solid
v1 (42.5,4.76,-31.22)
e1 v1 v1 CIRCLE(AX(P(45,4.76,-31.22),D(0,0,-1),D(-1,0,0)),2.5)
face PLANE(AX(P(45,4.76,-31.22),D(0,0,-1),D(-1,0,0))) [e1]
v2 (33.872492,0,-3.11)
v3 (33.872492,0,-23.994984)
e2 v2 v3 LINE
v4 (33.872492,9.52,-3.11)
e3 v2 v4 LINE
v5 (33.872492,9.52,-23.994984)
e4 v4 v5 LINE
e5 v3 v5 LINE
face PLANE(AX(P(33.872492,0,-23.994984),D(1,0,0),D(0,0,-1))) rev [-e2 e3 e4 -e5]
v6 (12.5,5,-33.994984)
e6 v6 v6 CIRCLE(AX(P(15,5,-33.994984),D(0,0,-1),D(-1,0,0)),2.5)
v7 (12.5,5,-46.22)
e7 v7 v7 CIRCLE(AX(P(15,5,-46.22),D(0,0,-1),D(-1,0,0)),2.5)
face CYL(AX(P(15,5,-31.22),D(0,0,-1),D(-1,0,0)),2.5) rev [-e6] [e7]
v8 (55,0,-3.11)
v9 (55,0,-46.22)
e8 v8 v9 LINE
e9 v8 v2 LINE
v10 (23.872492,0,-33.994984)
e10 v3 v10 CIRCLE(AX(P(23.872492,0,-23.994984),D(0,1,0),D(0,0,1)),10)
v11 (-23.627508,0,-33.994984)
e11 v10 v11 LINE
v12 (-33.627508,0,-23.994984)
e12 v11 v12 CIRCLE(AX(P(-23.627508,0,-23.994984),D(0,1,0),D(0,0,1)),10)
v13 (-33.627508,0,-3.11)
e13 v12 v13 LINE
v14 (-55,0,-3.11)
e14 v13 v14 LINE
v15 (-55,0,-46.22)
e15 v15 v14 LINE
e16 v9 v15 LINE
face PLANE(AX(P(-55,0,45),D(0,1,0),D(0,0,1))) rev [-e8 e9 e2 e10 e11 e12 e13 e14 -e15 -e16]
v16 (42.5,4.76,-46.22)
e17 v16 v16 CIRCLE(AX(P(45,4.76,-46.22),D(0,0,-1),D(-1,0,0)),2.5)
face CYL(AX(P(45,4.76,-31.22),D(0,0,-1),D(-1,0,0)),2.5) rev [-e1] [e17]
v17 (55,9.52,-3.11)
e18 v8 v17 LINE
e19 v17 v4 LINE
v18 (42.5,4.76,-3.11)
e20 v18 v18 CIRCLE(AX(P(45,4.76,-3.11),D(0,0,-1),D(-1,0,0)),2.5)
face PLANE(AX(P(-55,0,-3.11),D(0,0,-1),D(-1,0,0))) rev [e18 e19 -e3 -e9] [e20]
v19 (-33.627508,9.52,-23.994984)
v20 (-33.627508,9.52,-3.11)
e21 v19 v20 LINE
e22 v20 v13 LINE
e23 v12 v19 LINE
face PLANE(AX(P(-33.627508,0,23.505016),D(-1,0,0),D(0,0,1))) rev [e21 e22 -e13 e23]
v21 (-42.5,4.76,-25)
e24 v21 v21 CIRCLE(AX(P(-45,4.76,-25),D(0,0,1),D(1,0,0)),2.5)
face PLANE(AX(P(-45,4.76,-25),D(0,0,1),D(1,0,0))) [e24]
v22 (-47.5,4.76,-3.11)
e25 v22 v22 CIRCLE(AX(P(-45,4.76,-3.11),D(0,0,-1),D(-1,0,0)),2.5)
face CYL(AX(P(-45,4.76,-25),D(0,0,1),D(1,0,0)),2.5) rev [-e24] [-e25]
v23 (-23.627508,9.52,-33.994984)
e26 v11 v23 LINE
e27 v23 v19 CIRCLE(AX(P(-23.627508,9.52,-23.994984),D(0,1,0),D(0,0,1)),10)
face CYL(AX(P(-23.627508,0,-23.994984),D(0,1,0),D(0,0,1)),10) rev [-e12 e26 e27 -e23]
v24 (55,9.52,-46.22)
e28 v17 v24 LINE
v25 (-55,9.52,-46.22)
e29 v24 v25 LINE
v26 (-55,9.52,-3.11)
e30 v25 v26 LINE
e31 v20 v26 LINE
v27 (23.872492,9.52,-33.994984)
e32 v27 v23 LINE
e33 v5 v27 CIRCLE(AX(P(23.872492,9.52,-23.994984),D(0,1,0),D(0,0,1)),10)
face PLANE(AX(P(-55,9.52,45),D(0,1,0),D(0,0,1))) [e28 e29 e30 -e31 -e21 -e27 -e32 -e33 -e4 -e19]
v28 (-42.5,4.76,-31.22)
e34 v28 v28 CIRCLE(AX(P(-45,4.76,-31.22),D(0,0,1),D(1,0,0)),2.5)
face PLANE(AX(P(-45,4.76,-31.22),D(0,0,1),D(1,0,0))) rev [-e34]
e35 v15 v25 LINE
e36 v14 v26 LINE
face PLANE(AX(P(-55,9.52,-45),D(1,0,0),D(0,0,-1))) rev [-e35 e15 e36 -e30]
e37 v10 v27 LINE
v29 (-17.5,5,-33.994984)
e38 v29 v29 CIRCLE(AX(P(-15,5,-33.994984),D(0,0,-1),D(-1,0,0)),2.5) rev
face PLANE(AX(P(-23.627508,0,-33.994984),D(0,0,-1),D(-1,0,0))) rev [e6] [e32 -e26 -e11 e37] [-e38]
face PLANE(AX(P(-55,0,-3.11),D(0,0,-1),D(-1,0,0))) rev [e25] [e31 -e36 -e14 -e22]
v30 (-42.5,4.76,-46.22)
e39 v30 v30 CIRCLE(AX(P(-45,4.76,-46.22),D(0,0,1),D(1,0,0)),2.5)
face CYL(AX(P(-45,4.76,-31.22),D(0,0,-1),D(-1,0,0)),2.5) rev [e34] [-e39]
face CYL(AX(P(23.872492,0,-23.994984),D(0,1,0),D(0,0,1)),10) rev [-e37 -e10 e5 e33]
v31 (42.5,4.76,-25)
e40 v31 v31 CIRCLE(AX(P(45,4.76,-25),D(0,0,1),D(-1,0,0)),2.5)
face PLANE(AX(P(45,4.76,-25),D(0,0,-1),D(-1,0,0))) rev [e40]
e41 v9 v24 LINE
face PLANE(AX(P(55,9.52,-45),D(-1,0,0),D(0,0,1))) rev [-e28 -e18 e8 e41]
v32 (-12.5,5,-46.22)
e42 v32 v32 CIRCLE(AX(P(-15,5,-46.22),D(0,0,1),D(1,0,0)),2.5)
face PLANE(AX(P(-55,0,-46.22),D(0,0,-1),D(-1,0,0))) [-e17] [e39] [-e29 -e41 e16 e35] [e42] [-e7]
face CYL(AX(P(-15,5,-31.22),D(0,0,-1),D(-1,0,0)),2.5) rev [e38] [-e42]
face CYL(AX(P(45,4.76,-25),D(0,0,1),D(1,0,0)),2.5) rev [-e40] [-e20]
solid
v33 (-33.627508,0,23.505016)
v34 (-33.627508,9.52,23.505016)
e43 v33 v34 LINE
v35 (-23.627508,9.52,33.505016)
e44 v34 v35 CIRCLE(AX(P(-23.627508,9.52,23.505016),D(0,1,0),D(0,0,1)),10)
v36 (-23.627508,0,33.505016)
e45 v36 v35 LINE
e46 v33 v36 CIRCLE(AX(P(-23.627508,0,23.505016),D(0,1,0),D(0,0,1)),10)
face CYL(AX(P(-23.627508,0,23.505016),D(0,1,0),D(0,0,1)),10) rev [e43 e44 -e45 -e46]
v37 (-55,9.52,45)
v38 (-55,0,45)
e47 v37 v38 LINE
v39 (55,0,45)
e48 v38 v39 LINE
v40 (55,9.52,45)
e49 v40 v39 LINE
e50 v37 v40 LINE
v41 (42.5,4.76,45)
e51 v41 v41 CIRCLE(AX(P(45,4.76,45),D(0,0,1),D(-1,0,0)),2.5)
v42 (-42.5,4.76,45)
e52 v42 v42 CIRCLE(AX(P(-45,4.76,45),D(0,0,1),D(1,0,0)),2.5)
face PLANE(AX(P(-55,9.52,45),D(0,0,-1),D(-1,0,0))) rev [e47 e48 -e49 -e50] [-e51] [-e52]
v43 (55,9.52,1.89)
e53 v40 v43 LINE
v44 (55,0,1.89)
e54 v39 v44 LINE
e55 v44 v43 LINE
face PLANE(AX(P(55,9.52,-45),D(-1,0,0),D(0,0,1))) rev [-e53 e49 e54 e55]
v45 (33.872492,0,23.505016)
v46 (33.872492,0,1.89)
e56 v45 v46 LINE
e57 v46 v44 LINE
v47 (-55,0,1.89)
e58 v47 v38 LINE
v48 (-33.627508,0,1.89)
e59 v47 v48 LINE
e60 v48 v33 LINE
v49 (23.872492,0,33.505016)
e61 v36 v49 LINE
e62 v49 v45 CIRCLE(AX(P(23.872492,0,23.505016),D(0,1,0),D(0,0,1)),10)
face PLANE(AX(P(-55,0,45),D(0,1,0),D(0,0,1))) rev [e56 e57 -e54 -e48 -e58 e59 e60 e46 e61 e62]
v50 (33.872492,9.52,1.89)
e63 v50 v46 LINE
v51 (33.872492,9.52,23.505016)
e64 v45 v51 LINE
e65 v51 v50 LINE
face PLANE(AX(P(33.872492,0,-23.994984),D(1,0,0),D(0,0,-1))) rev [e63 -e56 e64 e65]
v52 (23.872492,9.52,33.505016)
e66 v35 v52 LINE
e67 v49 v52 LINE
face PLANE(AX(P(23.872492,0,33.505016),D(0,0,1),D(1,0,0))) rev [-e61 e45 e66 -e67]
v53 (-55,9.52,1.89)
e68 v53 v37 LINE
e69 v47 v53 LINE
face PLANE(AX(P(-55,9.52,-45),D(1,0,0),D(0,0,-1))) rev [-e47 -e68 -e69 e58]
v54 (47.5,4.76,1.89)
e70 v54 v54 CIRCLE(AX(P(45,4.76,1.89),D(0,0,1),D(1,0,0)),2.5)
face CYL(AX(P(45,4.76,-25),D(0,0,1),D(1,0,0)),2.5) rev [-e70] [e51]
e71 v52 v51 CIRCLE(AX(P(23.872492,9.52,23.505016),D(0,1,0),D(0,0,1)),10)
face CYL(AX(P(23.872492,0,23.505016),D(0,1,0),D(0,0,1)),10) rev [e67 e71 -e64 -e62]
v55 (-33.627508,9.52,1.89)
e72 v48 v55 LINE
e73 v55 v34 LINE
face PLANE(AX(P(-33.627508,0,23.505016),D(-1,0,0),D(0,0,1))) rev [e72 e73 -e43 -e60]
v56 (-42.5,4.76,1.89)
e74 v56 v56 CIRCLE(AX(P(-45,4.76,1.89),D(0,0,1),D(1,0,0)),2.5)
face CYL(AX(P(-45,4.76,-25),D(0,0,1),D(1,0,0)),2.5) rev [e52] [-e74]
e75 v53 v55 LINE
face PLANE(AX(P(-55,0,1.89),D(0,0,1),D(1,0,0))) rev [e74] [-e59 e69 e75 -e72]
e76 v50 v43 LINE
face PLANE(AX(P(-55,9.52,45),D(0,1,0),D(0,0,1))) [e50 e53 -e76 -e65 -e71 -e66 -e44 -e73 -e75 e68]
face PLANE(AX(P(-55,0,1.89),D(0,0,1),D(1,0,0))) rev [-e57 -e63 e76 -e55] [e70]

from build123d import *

# Parameters (mm, degrees)
ESBO_O1_W                = 110
ESBO_O1_H                = 90
RESSALTO_EXTRUS_O1_DEPTH = 9.52
ESBO_O6_W                = 110
ESBO_O6_H                = 1.22
RESSALTO_EXTRUS_O3_DEPTH = 9.52
CORTE_EXTRUS_O6_DEPTH    = 9.52
ESBO_O9_W                = 110
ESBO_O9_H                = 5
CORTE_EXTRUS_O7_DEPTH    = 9.52
ESBO_O10_R               = 2.5
CORTE_EXTRUS_O8_DEPTH    = 70
ESBO_O7_R                = 2.5
CORTE_EXTRUS_O9_DEPTH    = 15


with BuildPart() as part:
    # Esboço1 → Ressalto-extrusão1 (new body)
    with BuildSketch(Plane(origin=(0, 0, 0), x_dir=(1, 0, 0), z_dir=(0, 1, 0))):
        Rectangle(ESBO_O1_W, ESBO_O1_H)
    extrude(amount=RESSALTO_EXTRUS_O1_DEPTH)

    # Esboço6 → Ressalto-extrusão3 (add)
    with BuildSketch(Plane(origin=(0, 9.52, 0), x_dir=(1, 0, 0), z_dir=(0, 1, 0))):
        with Locations((0, 45.61)):
            Rectangle(ESBO_O6_W, ESBO_O6_H)
    extrude(amount=-RESSALTO_EXTRUS_O3_DEPTH)

    # Esboço2 → Corte-extrusão6 (cut)
    with BuildSketch(Plane(origin=(0, 9.52, 0), x_dir=(1, 0, 0), z_dir=(0, 1, 0))):
        with BuildLine():
            Line((-23.627508058, 33.994983885), (23.872491942, 33.994983885))
            ThreePointArc((23.872491942, 33.994983885), (30.943559754, 31.066051697), (33.872491942, 23.994983885))
            Line((33.872491942, 23.994983885), (33.872491942, -23.505016115))
            ThreePointArc((33.872491942, -23.505016115), (30.943559754, -30.576083927), (23.872491942, -33.505016115))
            Line((23.872491942, -33.505016115), (-23.627508058, -33.505016115))
            ThreePointArc((-23.627508058, -33.505016115), (-30.698575869, -30.576083927), (-33.627508058, -23.505016115))
            Line((-33.627508058, -23.505016115), (-33.627508058, 23.994983885))
            ThreePointArc((-33.627508058, 23.994983885), (-30.698575869, 31.066051697), (-23.627508058, 33.994983885))
        make_face()
    extrude(amount=-CORTE_EXTRUS_O6_DEPTH, mode=Mode.SUBTRACT)

    # Esboço9 → Corte-extrusão7 (cut)
    with BuildSketch(Plane(origin=(0, 9.52, 0), x_dir=(1, 0, 0), z_dir=(0, 1, 0))):
        with Locations((0, 0.61)):
            Rectangle(ESBO_O9_W, ESBO_O9_H)
    extrude(amount=-CORTE_EXTRUS_O7_DEPTH, mode=Mode.SUBTRACT)


with BuildPart() as corte_extrus_o7_piece_1:
    # of the separate pieces the step leaves, piece 1, a body of its own (corte_extrus_o7_pieces)
    add(part.part.solids().sort_by_distance((55, 9.52, -3.11))[0])


with BuildPart() as corte_extrus_o7_piece_2:
    # of the separate pieces the step leaves, piece 2, a body of its own (corte_extrus_o7_pieces)
    add(part.part.solids().sort_by_distance((55, 0, 45))[0])


with BuildPart() as corte_extrus_o8_tool:
    # Esboço10 → Corte-extrusão8 (new body)
    with BuildSketch(Plane.XY.offset(45)):
        with Locations((-45, 4.76)):
            Circle(ESBO_O10_R)
        with Locations(Location((45, 4.76, 0), (0, 0, 180))):
            Circle(ESBO_O10_R)
    extrude(amount=-CORTE_EXTRUS_O8_DEPTH)


with BuildPart() as corte_extrus_o7_piece_1_1:
    add(corte_extrus_o7_piece_1.part)

    # Corte-extrusão8: cut by corte_extrus_o8_tool
    add(corte_extrus_o8_tool.part, mode=Mode.SUBTRACT)

    # Esboço7 → Corte-extrusão9 (cut)
    with BuildSketch(Plane(origin=(0, 0, -46.22), x_dir=(-1, 0, 0), z_dir=(0, 0, -1))):
        with Locations((-45, 4.76)):
            Circle(ESBO_O7_R)
        with Locations(Location((45, 4.76, 0), (0, 0, 180))):
            Circle(ESBO_O7_R)
        with Locations((-15, 5)):
            Circle(ESBO_O7_R)
        with Locations((15, 5)):
            Circle(ESBO_O7_R)
    extrude(amount=-CORTE_EXTRUS_O9_DEPTH, mode=Mode.SUBTRACT)


with BuildPart() as corte_extrus_o7_piece_2_1:
    add(corte_extrus_o7_piece_2.part)

    # Corte-extrusão8: cut by corte_extrus_o8_tool
    add(corte_extrus_o8_tool.part, mode=Mode.SUBTRACT)


solid = Compound([corte_extrus_o7_piece_1_1.part, corte_extrus_o7_piece_2_1.part])
